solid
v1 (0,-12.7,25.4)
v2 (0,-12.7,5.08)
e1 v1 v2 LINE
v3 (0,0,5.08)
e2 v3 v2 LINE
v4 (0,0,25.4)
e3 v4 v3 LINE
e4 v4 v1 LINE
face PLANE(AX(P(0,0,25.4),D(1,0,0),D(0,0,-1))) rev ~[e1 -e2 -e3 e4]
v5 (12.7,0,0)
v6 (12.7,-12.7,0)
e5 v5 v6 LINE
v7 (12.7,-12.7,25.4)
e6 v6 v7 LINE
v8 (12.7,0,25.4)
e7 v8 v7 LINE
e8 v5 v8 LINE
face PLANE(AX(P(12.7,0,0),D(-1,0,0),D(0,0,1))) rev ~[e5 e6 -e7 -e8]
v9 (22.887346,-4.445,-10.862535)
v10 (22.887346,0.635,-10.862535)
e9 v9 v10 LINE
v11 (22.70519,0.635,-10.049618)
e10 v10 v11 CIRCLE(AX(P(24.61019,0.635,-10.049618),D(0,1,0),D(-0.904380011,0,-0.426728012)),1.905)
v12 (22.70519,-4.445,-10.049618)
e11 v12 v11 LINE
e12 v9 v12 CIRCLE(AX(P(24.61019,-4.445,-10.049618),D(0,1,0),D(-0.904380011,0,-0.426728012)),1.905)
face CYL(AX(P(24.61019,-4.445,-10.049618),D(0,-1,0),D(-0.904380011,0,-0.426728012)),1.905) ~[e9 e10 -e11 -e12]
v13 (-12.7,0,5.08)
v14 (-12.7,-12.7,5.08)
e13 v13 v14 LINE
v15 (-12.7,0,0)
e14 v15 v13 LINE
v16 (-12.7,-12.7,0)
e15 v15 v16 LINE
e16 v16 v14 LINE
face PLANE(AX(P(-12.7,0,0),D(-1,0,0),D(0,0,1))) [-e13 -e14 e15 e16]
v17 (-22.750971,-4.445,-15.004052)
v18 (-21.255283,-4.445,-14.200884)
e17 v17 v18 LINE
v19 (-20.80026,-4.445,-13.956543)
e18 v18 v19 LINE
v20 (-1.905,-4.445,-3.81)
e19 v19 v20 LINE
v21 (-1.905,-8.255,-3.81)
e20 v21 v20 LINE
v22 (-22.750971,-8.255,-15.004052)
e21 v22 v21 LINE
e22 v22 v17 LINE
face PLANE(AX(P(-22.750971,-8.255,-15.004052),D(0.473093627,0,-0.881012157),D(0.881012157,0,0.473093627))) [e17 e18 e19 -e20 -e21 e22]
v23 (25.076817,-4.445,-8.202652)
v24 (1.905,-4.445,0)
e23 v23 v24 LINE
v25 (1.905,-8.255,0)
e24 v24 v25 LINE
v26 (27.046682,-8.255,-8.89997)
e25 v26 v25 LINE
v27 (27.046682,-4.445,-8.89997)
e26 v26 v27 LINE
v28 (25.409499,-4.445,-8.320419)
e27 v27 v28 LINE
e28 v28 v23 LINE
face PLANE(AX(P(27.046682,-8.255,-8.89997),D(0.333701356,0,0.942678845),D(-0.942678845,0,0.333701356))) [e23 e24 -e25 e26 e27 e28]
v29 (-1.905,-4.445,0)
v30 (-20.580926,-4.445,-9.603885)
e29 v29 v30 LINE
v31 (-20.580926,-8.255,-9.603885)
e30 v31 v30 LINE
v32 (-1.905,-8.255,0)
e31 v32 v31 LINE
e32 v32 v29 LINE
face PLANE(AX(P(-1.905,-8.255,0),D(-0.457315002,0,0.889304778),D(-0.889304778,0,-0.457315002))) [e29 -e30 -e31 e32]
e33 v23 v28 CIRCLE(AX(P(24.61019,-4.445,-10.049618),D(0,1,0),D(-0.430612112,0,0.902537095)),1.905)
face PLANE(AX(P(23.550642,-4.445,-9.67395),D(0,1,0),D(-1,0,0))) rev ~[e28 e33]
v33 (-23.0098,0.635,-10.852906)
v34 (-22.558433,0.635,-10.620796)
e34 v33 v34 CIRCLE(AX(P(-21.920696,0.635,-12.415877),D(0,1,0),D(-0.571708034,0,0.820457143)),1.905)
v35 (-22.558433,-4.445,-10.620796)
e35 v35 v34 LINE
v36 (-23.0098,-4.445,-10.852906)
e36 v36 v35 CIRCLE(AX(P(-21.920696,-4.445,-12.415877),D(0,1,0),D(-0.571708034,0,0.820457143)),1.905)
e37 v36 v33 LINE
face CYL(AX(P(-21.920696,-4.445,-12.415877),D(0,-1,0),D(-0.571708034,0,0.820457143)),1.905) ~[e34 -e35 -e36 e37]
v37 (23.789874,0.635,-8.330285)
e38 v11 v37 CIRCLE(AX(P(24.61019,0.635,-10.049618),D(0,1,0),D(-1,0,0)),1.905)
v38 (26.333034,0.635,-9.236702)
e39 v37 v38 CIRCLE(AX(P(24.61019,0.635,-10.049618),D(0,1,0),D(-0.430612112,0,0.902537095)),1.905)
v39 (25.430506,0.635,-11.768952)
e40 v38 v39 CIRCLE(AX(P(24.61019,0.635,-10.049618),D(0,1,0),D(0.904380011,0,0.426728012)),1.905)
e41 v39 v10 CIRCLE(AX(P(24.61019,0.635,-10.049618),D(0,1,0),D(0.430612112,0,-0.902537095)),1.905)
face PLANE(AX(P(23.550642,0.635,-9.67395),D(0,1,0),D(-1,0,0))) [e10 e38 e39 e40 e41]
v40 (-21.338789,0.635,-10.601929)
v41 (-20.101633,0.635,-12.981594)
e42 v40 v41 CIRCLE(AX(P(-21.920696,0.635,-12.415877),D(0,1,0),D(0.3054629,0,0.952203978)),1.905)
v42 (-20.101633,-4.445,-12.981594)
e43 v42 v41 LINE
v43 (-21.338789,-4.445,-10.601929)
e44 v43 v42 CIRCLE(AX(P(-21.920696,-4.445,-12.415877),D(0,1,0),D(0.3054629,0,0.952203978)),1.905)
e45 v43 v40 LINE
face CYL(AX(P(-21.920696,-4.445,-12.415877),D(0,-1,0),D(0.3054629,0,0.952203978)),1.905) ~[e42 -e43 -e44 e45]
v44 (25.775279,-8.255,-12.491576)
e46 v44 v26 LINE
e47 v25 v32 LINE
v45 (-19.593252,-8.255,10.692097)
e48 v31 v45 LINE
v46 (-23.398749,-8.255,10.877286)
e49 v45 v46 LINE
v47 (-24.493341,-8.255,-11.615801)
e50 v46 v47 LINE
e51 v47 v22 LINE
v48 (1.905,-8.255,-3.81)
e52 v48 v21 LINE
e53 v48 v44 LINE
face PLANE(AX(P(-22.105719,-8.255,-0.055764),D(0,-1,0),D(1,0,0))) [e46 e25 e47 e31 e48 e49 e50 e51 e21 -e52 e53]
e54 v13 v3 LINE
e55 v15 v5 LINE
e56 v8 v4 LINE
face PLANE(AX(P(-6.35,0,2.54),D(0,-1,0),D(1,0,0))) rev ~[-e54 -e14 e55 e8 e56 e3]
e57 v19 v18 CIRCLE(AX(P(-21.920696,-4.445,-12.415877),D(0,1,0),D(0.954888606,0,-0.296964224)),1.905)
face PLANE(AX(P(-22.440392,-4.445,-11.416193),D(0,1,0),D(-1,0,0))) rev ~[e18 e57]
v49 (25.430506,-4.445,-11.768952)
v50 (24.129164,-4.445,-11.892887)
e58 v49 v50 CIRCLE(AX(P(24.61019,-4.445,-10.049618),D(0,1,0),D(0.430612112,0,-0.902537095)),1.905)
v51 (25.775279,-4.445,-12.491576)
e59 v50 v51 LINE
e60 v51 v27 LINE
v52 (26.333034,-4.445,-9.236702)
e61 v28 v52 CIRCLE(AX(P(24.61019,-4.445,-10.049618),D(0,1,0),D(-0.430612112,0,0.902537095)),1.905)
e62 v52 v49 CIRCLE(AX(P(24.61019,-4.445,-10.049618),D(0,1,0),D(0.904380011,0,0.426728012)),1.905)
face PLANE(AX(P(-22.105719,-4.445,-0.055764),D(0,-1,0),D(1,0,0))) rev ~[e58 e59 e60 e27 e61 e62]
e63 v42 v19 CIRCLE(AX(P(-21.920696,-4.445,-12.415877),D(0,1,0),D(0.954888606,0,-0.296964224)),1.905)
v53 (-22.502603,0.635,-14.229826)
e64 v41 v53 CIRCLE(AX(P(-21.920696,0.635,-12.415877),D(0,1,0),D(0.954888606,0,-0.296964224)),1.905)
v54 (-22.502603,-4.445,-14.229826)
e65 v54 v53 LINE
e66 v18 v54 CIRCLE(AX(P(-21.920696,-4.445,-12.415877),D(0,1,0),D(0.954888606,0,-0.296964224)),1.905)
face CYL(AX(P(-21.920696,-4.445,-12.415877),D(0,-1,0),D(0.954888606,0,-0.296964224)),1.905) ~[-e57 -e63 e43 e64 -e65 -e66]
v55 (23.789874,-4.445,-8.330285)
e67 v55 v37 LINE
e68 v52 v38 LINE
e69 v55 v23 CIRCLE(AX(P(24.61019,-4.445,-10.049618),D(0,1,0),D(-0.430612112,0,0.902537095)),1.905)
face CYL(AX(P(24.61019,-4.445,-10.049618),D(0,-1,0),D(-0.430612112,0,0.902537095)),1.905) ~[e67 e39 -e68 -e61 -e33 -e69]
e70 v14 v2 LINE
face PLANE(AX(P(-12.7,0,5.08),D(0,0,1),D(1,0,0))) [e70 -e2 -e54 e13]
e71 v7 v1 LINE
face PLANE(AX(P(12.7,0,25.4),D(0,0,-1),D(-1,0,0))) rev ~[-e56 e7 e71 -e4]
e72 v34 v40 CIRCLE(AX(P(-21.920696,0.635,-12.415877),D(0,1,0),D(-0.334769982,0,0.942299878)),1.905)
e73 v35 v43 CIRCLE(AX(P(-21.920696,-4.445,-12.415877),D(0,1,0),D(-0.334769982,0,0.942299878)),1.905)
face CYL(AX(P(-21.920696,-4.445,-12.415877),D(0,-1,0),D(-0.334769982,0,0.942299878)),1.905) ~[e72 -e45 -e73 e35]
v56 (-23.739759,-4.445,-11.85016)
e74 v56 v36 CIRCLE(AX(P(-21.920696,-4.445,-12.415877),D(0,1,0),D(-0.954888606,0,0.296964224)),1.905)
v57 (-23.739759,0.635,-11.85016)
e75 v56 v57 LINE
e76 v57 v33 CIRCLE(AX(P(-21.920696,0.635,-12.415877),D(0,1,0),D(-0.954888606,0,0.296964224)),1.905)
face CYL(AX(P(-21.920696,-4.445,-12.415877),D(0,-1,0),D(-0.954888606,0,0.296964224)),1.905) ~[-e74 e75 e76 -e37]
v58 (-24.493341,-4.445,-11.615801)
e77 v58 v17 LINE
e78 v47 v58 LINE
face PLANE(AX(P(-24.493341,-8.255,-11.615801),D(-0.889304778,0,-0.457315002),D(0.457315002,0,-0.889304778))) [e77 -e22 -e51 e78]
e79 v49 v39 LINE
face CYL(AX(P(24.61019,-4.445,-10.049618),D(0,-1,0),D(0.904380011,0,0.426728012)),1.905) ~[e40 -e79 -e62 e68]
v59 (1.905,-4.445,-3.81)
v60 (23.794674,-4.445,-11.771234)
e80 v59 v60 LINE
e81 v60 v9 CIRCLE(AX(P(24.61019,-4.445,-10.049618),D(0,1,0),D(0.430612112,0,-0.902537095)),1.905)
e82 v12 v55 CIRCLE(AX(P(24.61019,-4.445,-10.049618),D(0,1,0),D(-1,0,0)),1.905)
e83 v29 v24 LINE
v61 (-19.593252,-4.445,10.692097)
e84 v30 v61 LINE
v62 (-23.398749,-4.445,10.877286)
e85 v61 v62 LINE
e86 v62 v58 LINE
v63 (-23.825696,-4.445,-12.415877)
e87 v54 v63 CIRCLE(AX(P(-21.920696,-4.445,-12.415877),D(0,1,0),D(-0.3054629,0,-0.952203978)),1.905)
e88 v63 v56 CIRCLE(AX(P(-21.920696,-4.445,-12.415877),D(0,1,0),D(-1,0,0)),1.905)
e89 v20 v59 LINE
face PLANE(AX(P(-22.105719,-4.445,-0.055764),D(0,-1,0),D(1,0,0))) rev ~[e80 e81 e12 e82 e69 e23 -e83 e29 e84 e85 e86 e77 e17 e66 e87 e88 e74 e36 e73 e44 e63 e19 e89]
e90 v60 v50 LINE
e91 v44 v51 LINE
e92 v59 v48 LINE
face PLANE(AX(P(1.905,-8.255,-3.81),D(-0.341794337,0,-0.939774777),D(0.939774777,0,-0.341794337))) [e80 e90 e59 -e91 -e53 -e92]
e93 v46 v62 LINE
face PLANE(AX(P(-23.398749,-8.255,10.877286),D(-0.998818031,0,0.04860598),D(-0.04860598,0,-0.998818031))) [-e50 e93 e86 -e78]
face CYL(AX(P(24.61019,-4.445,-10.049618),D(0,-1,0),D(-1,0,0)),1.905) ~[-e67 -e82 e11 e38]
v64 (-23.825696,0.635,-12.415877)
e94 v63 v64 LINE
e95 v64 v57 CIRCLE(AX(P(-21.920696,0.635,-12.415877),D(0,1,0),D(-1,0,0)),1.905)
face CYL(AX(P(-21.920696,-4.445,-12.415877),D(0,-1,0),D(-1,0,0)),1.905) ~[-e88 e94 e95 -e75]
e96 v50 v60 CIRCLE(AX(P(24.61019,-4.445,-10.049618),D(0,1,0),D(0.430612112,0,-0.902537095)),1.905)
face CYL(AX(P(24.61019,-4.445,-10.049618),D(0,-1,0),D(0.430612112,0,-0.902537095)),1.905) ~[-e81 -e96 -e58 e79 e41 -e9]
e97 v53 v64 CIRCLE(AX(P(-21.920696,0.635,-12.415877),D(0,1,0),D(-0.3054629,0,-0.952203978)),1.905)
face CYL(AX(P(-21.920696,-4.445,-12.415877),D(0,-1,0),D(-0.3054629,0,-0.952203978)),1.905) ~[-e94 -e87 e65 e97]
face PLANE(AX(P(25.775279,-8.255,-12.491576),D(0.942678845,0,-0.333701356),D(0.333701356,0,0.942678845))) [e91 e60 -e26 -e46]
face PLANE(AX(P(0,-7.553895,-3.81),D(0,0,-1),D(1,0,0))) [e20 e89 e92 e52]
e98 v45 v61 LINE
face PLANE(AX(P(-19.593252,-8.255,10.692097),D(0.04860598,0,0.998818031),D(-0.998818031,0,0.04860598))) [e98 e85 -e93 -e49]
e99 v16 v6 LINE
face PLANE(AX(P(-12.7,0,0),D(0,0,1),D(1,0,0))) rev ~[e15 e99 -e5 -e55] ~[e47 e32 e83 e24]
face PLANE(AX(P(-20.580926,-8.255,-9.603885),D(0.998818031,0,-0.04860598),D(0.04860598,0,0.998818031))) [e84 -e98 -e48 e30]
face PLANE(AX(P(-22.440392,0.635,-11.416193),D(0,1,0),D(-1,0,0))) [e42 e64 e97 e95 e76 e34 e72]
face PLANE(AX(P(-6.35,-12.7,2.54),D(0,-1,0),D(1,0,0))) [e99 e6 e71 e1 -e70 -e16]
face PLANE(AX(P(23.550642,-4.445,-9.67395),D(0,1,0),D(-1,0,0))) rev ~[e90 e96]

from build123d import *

# Parameters (mm, degrees)
F0_W     = 12.7
F0_H     = 5.08
F1_DEPTH = 12.7
F3_DEPTH = 3.81
F5_DEPTH = 3.81
F7_DEPTH = 3.81
F9_DEPTH = 5.08


with BuildPart() as f1:
    # F0 (on Front) → F1 (new body)
    with BuildSketch(Plane.XZ):
        with Locations((-6.35, 2.54)):
            Rectangle(F0_W, F0_H)
        Polygon((0, 5.08), (0, 0), (12.7, 0), (12.7, 25.4), (0, 25.4), align=None)
    extrude(amount=F1_DEPTH)

    # F2 (on face) → F3 (join)
    with BuildSketch(Plane(origin=(0, 0, 0), x_dir=(1, 0, 0), z_dir=(0, 0, -1))):
        Polygon((-1.905, 8.255), (-1.905, 7.3025), (0, 6.35), (1.905, 7.3025), (1.905, 8.255), align=None)
        Polygon((0, 6.35), (-1.905, 7.3025), (-1.905, 5.3975), align=None)
        Polygon((1.905, 7.3025), (0, 6.35), (1.905, 5.3975), align=None)
        Polygon((1.905, 5.3975), (0, 6.35), (-1.905, 5.3975), (-1.905, 4.445), (1.905, 4.445), align=None)
    extrude(amount=F3_DEPTH)

    # F4 (on face) → F5 (join)
    with BuildSketch(Plane.XZ.offset(8.255)):
        Polygon((1.905, 0), (-1.905, 0), (-24.493341372, -11.6158010512), (-22.7509712143, -15.004052257), (-1.905, -3.81), (1.905, -3.81), (25.7752793361, -12.4915761481), (27.0466815017, -8.8999697479), align=None)
    extrude(amount=-F5_DEPTH)

    # F6 (on face) → F7 (join)
    with BuildSketch(Plane.XZ.offset(8.255)):
        Polygon((-23.3987490657, 10.877285878), (-24.493341372, -11.6158010512), (-20.5809258805, -9.6038852921), (-19.5932523682, 10.6920970944), align=None)
    extrude(amount=-F7_DEPTH)

    # F8 (on face) → F9 (join)
    with BuildSketch(Plane(origin=(0, -4.445, 0), x_dir=(-1, 0, 0), z_dir=(0, 1, 0))):
        with BuildLine():
            ThreePointArc((-22.7051897472, -10.0496184245), (-22.9990213636, -9.0331729319), (-23.7898736732, -8.3302852576))
            Line((-23.7898736732, -8.3302852576), (-24.6101897472, -10.0496184245))
            Line((-24.6101897472, -10.0496184245), (-22.8873458267, -10.8625352872))
            ThreePointArc((-22.8873458267, -10.8625352872), (-22.7512864861, -10.4661561368), (-22.7051897472, -10.0496184245))
        make_face()
        with BuildLine():
            Line((-24.6101897472, -10.0496184245), (-23.7898736732, -8.3302852576))
            ThreePointArc((-23.7898736732, -8.3302852576), (-25.2497495627, -8.2551858561), (-26.3330336677, -9.2367015618))
            Line((-26.3330336677, -9.2367015618), (-24.6101897472, -10.0496184245))
        make_face()
        with BuildLine():
            Line((-22.8873458267, -10.8625352872), (-24.6101897472, -10.0496184245))
            Line((-24.6101897472, -10.0496184245), (-25.4305058212, -11.7689515914))
            ThreePointArc((-25.4305058212, -11.7689515914), (-23.9706299318, -11.8440509929), (-22.8873458267, -10.8625352872))
        make_face()
        with BuildLine():
            Line((-25.4305058212, -11.7689515914), (-24.6101897472, -10.0496184245))
            Line((-24.6101897472, -10.0496184245), (-26.3330336677, -9.2367015618))
            ThreePointArc((-26.3330336677, -9.2367015618), (-26.4046223156, -10.68917824), (-25.4305058212, -11.7689515914))
        make_face()
        with BuildLine():
            ThreePointArc((22.5584327346, -10.6207959991), (21.9501618456, -10.5111051642), (21.338789094, -10.6019286869))
            Line((21.338789094, -10.6019286869), (21.9206959191, -12.4158772658))
            Line((21.9206959191, -12.4158772658), (23.7397587132, -11.8501604187))
            ThreePointArc((23.7397587132, -11.8501604187), (23.4578969896, -11.2906937835), (23.009799723, -10.8529064074))
            Line((23.009799723, -10.8529064074), (22.5584327346, -10.6207959991))
        make_face()
        with BuildLine():
            Line((21.9206959191, -12.4158772658), (21.338789094, -10.6019286869))
            ThreePointArc((21.338789094, -10.6019286869), (20.2304694068, -11.537151292), (20.101633125, -12.9815941129))
            Line((20.101633125, -12.9815941129), (21.9206959191, -12.4158772658))
        make_face()
        with BuildLine():
            Line((23.7397587132, -11.8501604187), (21.9206959191, -12.4158772658))
            Line((21.9206959191, -12.4158772658), (22.5026027442, -14.2298258447))
            ThreePointArc((22.5026027442, -14.2298258447), (23.4597796566, -13.5384841646), (23.8256959191, -12.4158772658))
            ThreePointArc((23.8256959191, -12.4158772658), (23.8040890834, -12.1297738079), (23.7397587132, -11.8501604187))
        make_face()
        with BuildLine():
            Line((22.5026027442, -14.2298258447), (21.9206959191, -12.4158772658))
            Line((21.9206959191, -12.4158772658), (20.101633125, -12.9815941129))
            ThreePointArc((20.101633125, -12.9815941129), (21.0419699453, -14.1061037782), (22.5026027442, -14.2298258447))
        make_face()
        with BuildLine():
            ThreePointArc((23.009799723, -10.8529064074), (22.7918809979, -10.7217516629), (22.5584327346, -10.6207959991))
            Line((22.5584327346, -10.6207959991), (23.009799723, -10.8529064074))
        make_face()
    extrude(amount=F9_DEPTH)


solid = f1.part
